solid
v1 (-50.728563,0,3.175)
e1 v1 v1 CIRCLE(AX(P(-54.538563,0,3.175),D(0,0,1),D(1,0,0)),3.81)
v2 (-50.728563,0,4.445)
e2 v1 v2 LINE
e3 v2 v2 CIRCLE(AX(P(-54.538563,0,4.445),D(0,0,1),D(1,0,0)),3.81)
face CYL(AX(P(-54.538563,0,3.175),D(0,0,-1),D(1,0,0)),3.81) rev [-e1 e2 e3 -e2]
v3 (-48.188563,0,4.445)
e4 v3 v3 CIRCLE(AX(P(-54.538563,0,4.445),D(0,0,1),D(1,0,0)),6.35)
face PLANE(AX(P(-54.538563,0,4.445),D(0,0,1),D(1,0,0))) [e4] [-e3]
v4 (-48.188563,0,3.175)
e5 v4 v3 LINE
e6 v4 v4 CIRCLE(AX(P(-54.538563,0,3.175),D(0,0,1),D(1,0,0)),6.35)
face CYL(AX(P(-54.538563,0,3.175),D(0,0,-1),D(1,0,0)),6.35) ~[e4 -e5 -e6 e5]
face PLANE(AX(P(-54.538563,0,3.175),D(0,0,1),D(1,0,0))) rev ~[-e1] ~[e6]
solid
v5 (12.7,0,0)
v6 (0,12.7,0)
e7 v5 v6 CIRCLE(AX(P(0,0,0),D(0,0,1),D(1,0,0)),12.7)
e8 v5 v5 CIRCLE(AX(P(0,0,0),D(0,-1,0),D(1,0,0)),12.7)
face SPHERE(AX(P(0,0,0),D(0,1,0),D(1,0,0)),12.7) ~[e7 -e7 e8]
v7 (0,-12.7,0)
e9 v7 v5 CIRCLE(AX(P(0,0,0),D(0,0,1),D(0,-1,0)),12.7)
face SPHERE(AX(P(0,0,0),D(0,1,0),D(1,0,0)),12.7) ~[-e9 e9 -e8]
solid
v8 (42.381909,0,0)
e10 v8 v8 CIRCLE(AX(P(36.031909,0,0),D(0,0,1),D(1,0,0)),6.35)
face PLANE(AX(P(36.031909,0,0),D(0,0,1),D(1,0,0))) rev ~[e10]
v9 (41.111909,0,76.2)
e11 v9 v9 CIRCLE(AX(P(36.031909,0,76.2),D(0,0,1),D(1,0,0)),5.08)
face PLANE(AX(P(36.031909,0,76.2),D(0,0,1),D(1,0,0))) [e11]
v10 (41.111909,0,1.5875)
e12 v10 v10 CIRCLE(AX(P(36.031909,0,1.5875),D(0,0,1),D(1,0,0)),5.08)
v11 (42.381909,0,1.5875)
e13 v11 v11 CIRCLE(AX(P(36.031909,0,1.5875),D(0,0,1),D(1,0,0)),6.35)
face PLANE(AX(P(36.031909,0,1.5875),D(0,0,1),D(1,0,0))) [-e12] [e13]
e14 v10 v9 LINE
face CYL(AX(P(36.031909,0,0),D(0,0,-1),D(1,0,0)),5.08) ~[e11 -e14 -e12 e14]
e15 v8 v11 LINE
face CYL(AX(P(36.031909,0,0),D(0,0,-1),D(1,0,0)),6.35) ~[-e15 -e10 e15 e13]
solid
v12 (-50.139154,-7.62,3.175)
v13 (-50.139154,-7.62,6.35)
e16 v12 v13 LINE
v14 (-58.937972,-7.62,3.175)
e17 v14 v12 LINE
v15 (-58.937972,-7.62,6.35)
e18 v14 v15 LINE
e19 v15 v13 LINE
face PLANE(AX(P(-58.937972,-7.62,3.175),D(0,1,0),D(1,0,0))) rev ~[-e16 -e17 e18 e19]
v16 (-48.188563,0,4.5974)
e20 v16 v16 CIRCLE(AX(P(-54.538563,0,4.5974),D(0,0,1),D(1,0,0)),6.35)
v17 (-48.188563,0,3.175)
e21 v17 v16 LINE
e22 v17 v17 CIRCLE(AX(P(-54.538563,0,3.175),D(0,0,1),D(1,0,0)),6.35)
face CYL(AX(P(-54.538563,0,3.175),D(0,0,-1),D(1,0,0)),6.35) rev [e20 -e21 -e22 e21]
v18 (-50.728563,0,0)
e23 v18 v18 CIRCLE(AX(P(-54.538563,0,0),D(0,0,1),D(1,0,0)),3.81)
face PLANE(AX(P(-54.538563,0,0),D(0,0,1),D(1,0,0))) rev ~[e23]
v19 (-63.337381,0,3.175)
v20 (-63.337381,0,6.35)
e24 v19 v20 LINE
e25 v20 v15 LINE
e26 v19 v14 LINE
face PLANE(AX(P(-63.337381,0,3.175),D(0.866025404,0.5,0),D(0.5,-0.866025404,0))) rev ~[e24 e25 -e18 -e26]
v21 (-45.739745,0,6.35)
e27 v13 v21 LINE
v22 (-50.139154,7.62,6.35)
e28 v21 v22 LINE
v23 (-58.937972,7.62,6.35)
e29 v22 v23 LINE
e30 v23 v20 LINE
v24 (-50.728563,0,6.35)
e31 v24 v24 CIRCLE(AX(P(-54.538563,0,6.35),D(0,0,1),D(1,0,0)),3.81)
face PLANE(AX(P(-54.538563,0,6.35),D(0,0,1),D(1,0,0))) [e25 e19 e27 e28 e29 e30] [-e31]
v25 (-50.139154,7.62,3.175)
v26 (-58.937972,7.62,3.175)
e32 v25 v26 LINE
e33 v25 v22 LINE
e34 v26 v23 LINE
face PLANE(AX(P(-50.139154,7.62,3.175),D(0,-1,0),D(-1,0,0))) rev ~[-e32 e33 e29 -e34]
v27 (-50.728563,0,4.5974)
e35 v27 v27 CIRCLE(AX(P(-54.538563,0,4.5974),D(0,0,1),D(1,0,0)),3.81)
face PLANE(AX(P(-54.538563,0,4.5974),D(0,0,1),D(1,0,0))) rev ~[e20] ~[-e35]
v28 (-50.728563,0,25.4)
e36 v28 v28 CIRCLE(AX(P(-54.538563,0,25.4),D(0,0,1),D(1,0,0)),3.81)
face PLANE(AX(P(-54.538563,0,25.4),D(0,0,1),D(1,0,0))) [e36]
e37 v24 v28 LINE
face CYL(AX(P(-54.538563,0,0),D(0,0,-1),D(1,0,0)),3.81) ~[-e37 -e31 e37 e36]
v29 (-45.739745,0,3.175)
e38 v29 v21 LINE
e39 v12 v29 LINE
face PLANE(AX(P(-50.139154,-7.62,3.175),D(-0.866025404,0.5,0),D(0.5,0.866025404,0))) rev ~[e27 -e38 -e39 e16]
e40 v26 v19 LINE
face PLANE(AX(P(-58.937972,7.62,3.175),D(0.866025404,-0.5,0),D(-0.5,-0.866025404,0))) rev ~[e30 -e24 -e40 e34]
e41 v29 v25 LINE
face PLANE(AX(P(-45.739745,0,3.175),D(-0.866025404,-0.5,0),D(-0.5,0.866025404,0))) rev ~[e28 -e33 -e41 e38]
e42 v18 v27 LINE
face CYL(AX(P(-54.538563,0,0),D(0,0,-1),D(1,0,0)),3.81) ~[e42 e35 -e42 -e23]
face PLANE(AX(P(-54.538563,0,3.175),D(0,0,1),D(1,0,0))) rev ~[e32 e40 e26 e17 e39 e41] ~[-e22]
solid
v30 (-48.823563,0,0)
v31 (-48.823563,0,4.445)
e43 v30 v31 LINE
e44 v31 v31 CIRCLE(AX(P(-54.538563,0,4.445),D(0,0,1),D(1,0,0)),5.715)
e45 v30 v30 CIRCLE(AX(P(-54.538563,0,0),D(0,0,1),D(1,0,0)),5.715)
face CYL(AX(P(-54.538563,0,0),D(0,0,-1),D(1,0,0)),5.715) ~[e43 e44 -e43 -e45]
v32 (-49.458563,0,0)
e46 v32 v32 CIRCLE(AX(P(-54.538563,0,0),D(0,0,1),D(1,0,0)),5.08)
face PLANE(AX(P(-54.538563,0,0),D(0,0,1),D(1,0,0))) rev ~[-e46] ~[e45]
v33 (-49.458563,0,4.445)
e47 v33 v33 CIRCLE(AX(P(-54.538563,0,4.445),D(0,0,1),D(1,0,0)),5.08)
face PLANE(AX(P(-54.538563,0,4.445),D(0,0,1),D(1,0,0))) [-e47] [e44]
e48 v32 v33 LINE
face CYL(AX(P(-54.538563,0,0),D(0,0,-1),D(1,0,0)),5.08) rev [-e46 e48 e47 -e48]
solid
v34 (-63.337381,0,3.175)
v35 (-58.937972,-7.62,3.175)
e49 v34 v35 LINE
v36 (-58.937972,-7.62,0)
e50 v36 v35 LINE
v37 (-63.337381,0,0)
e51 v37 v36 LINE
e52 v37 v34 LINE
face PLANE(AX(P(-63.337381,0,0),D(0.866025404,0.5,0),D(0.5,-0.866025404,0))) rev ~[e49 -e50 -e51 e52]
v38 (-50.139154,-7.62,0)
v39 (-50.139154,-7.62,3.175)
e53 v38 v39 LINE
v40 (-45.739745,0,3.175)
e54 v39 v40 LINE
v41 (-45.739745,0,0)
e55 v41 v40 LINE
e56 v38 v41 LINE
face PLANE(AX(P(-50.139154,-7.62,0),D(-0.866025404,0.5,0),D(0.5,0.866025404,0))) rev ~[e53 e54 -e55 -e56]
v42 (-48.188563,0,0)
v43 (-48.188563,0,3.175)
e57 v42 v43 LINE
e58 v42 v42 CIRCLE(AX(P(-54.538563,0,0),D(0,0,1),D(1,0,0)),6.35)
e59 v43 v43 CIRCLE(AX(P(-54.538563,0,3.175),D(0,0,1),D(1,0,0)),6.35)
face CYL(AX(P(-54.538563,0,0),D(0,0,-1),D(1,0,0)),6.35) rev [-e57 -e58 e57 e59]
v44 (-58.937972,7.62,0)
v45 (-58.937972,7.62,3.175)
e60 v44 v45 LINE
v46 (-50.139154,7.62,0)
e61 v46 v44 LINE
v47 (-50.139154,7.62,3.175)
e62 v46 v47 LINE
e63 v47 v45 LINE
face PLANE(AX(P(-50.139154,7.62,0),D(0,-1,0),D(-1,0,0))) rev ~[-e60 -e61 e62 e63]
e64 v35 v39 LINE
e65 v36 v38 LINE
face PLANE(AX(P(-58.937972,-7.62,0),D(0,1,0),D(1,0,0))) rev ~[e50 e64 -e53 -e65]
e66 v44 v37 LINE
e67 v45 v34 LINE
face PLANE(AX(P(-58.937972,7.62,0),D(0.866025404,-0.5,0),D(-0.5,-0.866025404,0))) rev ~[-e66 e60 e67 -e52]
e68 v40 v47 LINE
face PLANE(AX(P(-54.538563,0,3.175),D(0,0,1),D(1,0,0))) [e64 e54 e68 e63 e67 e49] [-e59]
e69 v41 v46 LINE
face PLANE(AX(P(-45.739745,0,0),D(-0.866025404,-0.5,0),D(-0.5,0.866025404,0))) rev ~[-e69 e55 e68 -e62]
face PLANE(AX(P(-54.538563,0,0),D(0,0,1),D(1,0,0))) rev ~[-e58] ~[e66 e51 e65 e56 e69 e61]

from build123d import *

# Parameters (mm, degrees)
F0_R         = 6.35
F3_DEPTH     = 3.175
F1_R         = 5.08
F1_R_2       = 3.81
F5_DEPTH     = 4.3688
F4_R         = 5.715
F4_R_2       = 5.08
F6_DEPTH     = 4.445
F7_R         = 6.35
F7_R_2       = 3.81
F8_DEPTH     = 1.27
F9_DEPTH     = 3.175
F10_START    = 0.1524
F8_FACE_R    = 5.715
F8_FACE_R_2  = 5.08
F8_FACE1_R   = 6.35
F8_FACE1_R_2 = 3.81
F10_DEPTH    = 1.7526
F0_R_2       = 5.08
F11_DEPTH    = 1.5875
F12_DEPTH    = 76.2
F13_DEPTH    = 25.4


with BuildPart() as f2:
    # F0 (on Top) → F2 (revolve)
    with BuildSketch(Plane.XY):
        with BuildLine():
            ThreePointArc((0, -12.7), (8.9802561211, -8.9802561211), (12.7, 0))
            ThreePointArc((12.7, 0), (8.9802561211, 8.9802561211), (0, 12.7))
            Line((0, 12.7), (0, -12.7))
        make_face()
    revolve(axis=Axis((0, 0, 0), (0, -1, 0)))


with BuildPart() as f3:
    # F0 (on Top) → F3 (new body)
    with BuildSketch(Plane.XY):
        Polygon((-58.9379719451, -7.62), (-50.1391538426, -7.62), (-45.7397447914, 0), (-50.1391538426, 7.62), (-58.9379719451, 7.62), (-63.3373809963, 0), align=None)
        with Locations((-54.5385628939, 0)):
            Circle(F0_R, mode=Mode.SUBTRACT)
    extrude(amount=F3_DEPTH)


with BuildPart() as f3b:
    # F1 (on Top) → F3, piece 2 (new body)
    with BuildSketch(Plane.XY):
        with Locations((-54.5385628939, 0)):
            Circle(F1_R)
        with Locations((-54.5385628939, 0)):
            Circle(F1_R_2, mode=Mode.SUBTRACT)
    extrude(amount=F3_DEPTH)

    # F5 (cut): a face of the model
    f5_faces = [f3b.faces().sort_by_distance(p)[0] for p in [
        (-59.4748787959, 0, 3.175),
    ]]
    extrude(f5_faces, amount=-F5_DEPTH, mode=Mode.SUBTRACT)


with BuildPart() as f6:
    # F4 (on Top) → F6 (new body)
    with BuildSketch(Plane.XY):
        with Locations((-54.5385628939, 0)):
            Circle(F4_R)
        with Locations((-54.5385628939, 0)):
            Circle(F4_R_2, mode=Mode.SUBTRACT)
    extrude(amount=F6_DEPTH)


with BuildPart() as f8:
    # F7 (on face) → F8 (new body)
    with BuildSketch(Plane.XY.offset(3.175)):
        with Locations((-54.5385628939, 0)):
            Circle(F7_R)
        with Locations((-54.5385628939, 0)):
            Circle(F7_R_2, mode=Mode.SUBTRACT)
    extrude(amount=F8_DEPTH)


with BuildPart() as f9:
    # F9 (new): a face of the model
    f9_faces = [f3.part.faces().sort_by_distance(p)[0] for p in [
        (-54.5385628939, -7.3872051547, 3.175),
    ]]
    extrude(f9_faces, amount=F9_DEPTH)

    # F8_face (on face) + F8_face1 (on face) → F10 (join)
    with BuildSketch(Plane(origin=(-54.5385628939, 0, 4.445), x_dir=(1, 0, 0), z_dir=(0, 0, 1)).offset(F10_START)):
        Circle(F8_FACE_R)
        Circle(F8_FACE_R_2, mode=Mode.SUBTRACT)
    with BuildSketch(Plane(origin=(-54.5385628939, 0, 4.445), x_dir=(1, 0, 0), z_dir=(0, 0, 1)).offset(F10_START)):
        Circle(F8_FACE1_R)
        Circle(F8_FACE1_R_2, mode=Mode.SUBTRACT)
    extrude(amount=F10_DEPTH)

    # F1 (on Top) → F13 (join)
    with BuildSketch(Plane.XY):
        with Locations((-54.5385628939, 0)):
            Circle(F1_R_2)
    extrude(amount=F13_DEPTH)


with BuildPart() as f11:
    # F0 (on Top) → F11 (new body)
    with BuildSketch(Plane.XY):
        with Locations((36.031909287, 0)):
            Circle(F0_R)
        with Locations((36.031909287, 0)):
            Circle(F0_R_2, mode=Mode.SUBTRACT)
    extrude(amount=F11_DEPTH)

    # F0 (on Top) → F12 (join)
    with BuildSketch(Plane.XY):
        with Locations((36.031909287, 0)):
            Circle(F0_R_2)
    extrude(amount=F12_DEPTH)


solid = Compound([f2.part, f3.part, f6.part, f8.part, f9.part, f11.part])
